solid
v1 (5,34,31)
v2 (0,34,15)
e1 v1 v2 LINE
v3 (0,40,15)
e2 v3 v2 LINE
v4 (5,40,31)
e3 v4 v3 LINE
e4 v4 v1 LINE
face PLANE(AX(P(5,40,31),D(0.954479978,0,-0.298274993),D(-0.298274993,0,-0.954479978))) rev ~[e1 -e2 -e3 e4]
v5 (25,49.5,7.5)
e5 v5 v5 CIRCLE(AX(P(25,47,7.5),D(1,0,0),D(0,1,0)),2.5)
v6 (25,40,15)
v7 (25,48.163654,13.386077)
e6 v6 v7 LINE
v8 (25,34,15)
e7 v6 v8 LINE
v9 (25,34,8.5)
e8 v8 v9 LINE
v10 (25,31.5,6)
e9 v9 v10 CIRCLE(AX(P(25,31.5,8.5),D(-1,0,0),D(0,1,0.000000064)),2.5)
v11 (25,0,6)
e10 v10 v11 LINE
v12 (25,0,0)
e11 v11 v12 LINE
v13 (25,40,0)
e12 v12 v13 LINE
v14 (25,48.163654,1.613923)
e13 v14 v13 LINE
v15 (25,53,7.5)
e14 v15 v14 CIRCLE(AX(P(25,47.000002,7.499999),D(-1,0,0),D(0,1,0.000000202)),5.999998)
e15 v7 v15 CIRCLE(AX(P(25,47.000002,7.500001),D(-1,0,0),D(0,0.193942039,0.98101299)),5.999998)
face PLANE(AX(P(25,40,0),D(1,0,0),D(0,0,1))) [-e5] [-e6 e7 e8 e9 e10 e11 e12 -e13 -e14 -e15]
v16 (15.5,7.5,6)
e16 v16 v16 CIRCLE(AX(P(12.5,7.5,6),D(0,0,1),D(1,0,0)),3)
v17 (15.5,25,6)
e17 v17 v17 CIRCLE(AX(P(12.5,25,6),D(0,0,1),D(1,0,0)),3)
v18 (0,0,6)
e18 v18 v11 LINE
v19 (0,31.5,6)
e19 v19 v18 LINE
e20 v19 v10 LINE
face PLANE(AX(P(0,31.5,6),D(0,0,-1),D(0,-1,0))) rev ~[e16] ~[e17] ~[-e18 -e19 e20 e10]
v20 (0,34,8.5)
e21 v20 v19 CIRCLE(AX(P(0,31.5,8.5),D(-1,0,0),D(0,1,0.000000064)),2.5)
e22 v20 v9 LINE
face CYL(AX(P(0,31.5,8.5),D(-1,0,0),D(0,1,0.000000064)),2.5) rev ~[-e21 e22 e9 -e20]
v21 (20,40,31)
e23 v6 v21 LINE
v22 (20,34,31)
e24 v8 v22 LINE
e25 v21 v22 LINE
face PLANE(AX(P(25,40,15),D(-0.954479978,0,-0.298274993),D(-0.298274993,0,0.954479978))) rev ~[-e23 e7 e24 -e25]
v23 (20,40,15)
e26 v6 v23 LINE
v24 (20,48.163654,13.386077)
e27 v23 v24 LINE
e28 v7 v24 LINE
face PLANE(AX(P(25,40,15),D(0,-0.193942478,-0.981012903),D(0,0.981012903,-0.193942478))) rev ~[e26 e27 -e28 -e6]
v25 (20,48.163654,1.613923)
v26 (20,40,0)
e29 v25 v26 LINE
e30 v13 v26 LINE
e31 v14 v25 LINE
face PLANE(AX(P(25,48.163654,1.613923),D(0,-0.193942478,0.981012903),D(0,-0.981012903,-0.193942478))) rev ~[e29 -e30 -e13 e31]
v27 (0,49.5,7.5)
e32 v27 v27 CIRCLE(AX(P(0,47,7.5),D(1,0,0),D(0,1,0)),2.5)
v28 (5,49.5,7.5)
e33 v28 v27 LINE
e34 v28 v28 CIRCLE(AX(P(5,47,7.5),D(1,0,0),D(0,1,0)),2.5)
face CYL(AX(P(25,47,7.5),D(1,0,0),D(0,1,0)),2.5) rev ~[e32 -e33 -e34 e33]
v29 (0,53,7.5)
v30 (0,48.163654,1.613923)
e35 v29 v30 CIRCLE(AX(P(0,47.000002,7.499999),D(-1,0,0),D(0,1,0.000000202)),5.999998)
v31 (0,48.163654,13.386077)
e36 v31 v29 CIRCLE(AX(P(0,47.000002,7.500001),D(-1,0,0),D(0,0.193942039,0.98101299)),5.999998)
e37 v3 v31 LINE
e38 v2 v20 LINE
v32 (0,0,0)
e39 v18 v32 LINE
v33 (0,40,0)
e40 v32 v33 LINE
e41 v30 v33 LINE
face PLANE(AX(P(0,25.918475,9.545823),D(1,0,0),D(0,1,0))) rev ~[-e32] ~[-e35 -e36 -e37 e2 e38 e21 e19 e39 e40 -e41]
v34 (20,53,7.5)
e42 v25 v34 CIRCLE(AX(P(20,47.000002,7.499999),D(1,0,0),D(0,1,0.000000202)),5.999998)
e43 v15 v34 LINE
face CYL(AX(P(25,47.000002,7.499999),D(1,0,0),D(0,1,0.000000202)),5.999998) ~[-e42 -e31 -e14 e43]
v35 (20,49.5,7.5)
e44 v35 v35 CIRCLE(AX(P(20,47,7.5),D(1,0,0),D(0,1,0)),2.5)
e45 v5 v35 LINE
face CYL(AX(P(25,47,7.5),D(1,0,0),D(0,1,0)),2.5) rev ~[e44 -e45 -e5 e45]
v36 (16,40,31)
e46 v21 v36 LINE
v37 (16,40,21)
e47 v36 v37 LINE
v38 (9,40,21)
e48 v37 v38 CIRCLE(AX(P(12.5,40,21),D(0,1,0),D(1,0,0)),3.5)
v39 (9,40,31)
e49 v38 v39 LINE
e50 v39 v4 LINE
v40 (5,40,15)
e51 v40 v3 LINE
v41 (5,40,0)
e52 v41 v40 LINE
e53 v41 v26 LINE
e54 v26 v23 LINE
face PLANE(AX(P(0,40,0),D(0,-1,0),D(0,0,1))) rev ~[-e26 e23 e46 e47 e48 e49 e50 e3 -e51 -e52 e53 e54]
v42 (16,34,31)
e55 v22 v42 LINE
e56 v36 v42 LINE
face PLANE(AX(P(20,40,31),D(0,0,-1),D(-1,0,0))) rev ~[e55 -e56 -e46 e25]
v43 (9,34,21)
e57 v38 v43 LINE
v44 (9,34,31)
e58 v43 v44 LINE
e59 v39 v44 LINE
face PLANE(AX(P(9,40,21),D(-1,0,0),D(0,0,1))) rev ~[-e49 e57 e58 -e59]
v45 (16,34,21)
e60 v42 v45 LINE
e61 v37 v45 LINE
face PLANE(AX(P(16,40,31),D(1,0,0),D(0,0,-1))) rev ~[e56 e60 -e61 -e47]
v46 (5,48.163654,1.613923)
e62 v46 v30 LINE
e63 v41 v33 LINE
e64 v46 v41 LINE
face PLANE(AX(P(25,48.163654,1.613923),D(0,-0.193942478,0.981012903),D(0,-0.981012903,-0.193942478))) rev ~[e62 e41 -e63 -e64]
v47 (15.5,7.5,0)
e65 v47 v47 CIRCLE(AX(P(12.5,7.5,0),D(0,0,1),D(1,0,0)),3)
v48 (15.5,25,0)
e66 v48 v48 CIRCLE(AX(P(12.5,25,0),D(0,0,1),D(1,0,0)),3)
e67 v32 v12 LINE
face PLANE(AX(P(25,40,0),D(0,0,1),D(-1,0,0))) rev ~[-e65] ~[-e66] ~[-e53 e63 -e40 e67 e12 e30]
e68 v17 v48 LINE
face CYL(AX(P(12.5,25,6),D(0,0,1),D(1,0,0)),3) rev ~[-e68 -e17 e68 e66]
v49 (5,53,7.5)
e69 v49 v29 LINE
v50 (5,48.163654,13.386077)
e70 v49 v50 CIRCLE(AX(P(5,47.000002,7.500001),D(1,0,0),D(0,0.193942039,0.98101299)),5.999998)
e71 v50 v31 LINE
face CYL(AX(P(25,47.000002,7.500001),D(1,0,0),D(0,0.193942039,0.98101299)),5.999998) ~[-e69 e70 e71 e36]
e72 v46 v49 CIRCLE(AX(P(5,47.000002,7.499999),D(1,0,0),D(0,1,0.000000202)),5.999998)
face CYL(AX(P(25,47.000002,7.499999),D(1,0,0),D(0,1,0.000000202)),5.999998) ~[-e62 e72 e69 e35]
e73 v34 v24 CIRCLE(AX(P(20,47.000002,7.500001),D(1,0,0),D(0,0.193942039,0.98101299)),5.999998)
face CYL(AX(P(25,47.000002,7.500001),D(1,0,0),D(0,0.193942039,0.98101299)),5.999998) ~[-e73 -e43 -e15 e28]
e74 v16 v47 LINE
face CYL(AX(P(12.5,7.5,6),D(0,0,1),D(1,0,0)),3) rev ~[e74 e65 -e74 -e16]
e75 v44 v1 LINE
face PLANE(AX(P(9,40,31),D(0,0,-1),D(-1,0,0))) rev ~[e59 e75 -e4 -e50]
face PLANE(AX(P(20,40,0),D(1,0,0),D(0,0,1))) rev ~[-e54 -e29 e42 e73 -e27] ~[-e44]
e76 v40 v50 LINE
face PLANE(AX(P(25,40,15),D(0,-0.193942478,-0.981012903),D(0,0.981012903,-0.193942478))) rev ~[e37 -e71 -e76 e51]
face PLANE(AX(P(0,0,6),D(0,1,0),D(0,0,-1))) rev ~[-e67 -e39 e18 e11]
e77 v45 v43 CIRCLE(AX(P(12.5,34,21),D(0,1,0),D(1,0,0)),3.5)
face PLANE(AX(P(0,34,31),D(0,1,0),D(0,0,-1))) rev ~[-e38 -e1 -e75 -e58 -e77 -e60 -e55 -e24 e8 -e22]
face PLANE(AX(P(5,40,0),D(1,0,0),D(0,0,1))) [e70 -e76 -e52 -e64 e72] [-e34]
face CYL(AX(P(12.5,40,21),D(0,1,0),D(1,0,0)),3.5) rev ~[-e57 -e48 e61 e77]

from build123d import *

# Parameters (mm, degrees)
F1_DEPTH = 25
F3_DEPTH = 6
F4_R     = 3
F5_DEPTH = 6
F6_W     = 5
F6_H     = 15
F7_DEPTH = 13
F8_R     = 2.5
F9_DEPTH = 25


with BuildPart() as f1:
    # F0 (on Right) → F1 (new body)
    with BuildSketch(Plane.YZ):
        with BuildLine():
            Line((0, 6), (0, 0))
            Line((0, 0), (40, 0))
            Line((40, 0), (40, 31))
            Line((40, 31), (34, 31))
            Line((34, 31), (34, 8.5))
            ThreePointArc((34, 8.5), (33.267767, 6.732233), (31.5, 6))
            Line((31.5, 6), (0, 6))
        make_face()
    extrude(amount=F1_DEPTH)

    # F2 (on face) → F3 (cut)
    with BuildSketch(Plane(origin=(0, 40, 0), x_dir=(-1, 0, 0), z_dir=(0, 1, 0))):
        Polygon((-25, 31), (-25, 15), (-20, 31), align=None)
        with BuildLine():
            Line((-9, 21), (-9, 31))
            Line((-9, 31), (-12.5, 31))
            Line((-12.5, 31), (-16, 31))
            Line((-16, 31), (-16, 21))
            ThreePointArc((-16, 21), (-12.5, 17.5), (-9, 21))
        make_face()
        Polygon((-5, 31), (0, 15), (0, 31), align=None)
        Polygon((-9, 31), (-5, 31), (0, 31), (0, 32), (-25, 32), (-25, 31), (-20, 31), (-16, 31), (-12.5, 31), align=None)
    extrude(amount=-F3_DEPTH, mode=Mode.SUBTRACT)

    # F4 (on face) → F5 (cut)
    with BuildSketch(Plane.XY.offset(6)):
        with Locations((12.5, 25)):
            Circle(F4_R)
        with Locations((12.5, 7.5)):
            Circle(F4_R)
    extrude(amount=-F5_DEPTH, mode=Mode.SUBTRACT)

    # F6 (on face) → F7 (join)
    with BuildSketch(Plane(origin=(0, 40, 0), x_dir=(-1, 0, 0), z_dir=(0, 1, 0))):
        with Locations((-22.5, 7.5)):
            Rectangle(F6_W, F6_H)
        with Locations((-2.5, 7.5)):
            Rectangle(F6_W, F6_H)
    extrude(amount=F7_DEPTH)

    # F8 (on face) → F9 (cut)
    with BuildSketch(Plane.YZ.offset(25)):
        with BuildLine():
            ThreePointArc((48.163654, 13.386077), (51.635835, 11.309073), (53, 7.5))
            Line((53, 7.5), (53, 15))
            Line((53, 15), (40, 15))
            Line((40, 15), (48.163654, 13.386077))
        make_face()
        with Locations((47, 7.5)):
            Circle(F8_R)
        with BuildLine():
            Line((48.163654, 1.613923), (40, 0))
            Line((40, 0), (47, 0))
            Line((47, 0), (53, 0))
            Line((53, 0), (53, 7.5))
            ThreePointArc((53, 7.5), (51.635835, 3.690927), (48.163654, 1.613923))
        make_face()
    extrude(amount=-F9_DEPTH, mode=Mode.SUBTRACT)


solid = f1.part
